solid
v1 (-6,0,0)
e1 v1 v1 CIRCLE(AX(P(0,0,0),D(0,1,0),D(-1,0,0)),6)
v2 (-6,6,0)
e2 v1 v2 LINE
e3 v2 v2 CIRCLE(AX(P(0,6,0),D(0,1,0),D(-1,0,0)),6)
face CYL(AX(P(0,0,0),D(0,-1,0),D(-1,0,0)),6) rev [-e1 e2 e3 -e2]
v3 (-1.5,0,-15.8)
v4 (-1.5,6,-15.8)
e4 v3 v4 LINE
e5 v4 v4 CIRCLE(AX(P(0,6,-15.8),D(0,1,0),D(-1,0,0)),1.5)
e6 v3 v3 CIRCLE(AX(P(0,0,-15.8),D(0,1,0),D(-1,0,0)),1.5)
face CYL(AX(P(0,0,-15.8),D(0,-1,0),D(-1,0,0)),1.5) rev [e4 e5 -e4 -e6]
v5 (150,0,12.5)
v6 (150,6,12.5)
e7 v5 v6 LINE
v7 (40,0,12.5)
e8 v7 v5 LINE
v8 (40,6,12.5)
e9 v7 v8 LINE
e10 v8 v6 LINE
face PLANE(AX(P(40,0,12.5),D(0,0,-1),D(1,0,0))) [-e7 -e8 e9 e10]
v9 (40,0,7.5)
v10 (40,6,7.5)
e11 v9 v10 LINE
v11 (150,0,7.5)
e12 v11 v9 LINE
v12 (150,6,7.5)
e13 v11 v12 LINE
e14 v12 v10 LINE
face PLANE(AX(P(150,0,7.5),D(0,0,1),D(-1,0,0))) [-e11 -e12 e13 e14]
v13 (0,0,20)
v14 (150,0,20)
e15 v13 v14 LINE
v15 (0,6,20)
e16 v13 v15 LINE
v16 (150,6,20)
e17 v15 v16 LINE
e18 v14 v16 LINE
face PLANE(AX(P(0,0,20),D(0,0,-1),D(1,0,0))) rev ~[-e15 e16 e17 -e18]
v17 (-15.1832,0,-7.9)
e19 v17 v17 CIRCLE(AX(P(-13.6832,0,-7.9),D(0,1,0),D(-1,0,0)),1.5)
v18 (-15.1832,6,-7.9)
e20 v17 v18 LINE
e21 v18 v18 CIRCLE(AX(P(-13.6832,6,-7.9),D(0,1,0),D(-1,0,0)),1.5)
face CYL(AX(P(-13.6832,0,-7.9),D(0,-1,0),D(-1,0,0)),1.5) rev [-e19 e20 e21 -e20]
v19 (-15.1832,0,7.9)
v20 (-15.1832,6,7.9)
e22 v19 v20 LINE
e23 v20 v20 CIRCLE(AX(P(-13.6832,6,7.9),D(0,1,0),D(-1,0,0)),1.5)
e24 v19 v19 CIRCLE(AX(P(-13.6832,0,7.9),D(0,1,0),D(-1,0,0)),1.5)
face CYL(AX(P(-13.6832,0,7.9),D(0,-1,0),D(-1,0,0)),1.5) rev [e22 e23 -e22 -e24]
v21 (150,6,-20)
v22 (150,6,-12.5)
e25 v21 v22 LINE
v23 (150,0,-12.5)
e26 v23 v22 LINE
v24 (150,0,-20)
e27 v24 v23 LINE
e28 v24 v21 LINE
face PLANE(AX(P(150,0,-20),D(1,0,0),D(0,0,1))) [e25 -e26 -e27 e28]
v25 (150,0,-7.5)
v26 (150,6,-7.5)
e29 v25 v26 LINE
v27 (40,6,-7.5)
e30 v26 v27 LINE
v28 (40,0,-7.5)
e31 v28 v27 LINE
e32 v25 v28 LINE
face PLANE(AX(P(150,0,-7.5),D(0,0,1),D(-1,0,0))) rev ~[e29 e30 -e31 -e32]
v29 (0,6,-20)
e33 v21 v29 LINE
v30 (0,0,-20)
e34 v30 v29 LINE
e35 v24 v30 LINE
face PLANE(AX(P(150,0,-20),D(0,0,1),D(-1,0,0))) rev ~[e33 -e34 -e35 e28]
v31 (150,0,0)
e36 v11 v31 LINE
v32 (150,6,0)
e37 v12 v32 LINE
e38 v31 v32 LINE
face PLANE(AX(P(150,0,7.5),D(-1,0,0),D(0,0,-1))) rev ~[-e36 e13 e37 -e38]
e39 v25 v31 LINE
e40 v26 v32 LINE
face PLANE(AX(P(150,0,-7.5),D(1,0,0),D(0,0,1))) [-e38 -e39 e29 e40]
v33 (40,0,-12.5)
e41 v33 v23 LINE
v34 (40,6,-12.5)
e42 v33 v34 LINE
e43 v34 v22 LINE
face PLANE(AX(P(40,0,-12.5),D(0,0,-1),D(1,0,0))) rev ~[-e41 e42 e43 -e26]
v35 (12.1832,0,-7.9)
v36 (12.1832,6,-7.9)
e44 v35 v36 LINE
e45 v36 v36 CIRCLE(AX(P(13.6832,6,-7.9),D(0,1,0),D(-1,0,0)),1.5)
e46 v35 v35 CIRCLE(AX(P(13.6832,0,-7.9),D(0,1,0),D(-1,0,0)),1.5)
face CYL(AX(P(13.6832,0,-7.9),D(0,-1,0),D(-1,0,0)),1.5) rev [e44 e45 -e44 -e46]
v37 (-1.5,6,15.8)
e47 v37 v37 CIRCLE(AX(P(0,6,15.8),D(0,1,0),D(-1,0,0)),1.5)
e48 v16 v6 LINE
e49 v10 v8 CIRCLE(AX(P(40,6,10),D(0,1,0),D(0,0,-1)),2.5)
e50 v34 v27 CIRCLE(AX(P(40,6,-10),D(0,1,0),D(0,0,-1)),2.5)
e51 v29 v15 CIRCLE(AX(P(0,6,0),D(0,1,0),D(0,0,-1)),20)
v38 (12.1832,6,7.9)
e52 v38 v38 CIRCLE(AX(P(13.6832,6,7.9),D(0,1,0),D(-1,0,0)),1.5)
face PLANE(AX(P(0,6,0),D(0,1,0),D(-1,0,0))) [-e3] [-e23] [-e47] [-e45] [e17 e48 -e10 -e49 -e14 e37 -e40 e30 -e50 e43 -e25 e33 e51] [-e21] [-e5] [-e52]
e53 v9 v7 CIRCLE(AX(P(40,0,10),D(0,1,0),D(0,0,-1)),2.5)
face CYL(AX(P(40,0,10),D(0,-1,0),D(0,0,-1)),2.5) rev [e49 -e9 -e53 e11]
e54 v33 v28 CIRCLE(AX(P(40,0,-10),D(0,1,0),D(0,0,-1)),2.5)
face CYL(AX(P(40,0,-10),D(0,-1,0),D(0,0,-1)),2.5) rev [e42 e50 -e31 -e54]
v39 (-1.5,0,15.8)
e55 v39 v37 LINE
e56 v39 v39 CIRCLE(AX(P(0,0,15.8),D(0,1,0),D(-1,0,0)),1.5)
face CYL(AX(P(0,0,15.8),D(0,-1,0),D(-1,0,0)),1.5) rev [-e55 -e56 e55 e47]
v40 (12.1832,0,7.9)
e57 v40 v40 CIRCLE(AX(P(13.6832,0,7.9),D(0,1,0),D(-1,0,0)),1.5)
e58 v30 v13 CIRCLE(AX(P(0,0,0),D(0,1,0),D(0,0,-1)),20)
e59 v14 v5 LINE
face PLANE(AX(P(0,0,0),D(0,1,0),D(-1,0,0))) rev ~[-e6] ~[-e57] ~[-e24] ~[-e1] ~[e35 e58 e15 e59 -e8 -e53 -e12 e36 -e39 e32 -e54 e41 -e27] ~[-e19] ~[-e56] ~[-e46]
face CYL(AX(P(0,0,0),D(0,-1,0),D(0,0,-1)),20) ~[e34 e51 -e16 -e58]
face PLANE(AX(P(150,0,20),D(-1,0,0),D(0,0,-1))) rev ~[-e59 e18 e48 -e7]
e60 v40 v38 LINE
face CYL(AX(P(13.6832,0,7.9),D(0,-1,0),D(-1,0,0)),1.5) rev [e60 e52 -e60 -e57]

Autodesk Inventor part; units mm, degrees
ref_plane "YZ Plane" through (0, 0, 0) normal (1, 0, 0) x (0, 1, 0)
ref_plane "XZ Plane" through (0, 0, 0) normal (0, 1, 0) x (-1, 0, 0)
ref_plane "XY Plane" through (0, 0, 0) normal (0, 0, 1) x (1, 0, 0)
sketch "sketch1--base" plane through (0, 0, 0) normal (0, 1, 0) x (-1, 0, 0)
  line L0 (-18.2322, -18.2322) -> (18.2322, 18.2322) construction
  line L1 (21.7082, -21.7082) -> (-21.7082, 21.7082) construction
  line L2 (-20, -20) -> (20, -20) construction
  line L3 (20, -20) -> (20, 20) construction
  line L4 (20, 20) -> (-20, 20) construction
  line L5 (-20, 20) -> (-20, -20) construction
  line L6 (-20, -20) -> (20, 20) construction
  line L7 (20, -20) -> (-20, 20) construction
  line L8 (-21.7678, -21.7678) -> (21.7678, 21.7678) construction
  line L9 (21.7678, -21.7678) -> (-21.7678, 21.7678) construction
  circle A0 centre (-20, 20) radius 2.5 construction
  circle A1 centre (20, 20) radius 2.5 construction
  circle A2 centre (20, -20) radius 2.5 construction
  circle A3 centre (-20, -20) radius 2.5 construction
  arc A4 (17.5, 20) -> (20, 17.5) centre (20, 20) ccw
  arc A5 (20, -17.5) -> (17.5, -20) centre (20, -20) ccw
  arc A6 (-20, 17.5) -> (-17.5, 20) centre (-20, 20) ccw
  arc A7 (-17.5, -20) -> (-20, -17.5) centre (-20, -20) ccw
  line L10 (-17.5, -20) -> (17.5, -20)
  line L11 (-20, -17.5) -> (-20, 17.5)
  line L12 (0, -20) -> (0, 20) construction
  line L13 (20, 0) -> (-20, 0) construction
  line L14 (20, -17.5) -> (20, 17.5)
  line L15 (17.5, 20) -> (-17.5, 20)
  point P0 (0, 0)
  point P1 (20, 0)
  dimension "d6" = 40
  dimension "screw__diameter" = 5
  dimension "d24" = 40
sketch "sketch2--component" plane through (0, 0, 0) normal (0, 1, 0) x (-1, 0, 0)
  circle A0 centre (0, 0) radius 18.5
  circle A1 centre (0, 0) radius 15.8 construction
  circle A2 centre (0, -15.8) radius 1.5
  circle A3 centre (0, 0) radius 17.3 construction
  circle A4 centre (13.6832, -7.9) radius 1.5
  circle A5 centre (13.6832, 7.9) radius 1.5
  circle A6 centre (0, 15.8) radius 1.5
  circle A7 centre (-13.6832, 7.9) radius 1.5
  circle A8 centre (-13.6832, -7.9) radius 1.5
  circle A9 centre (0, 0) radius 6
  dimension "d40" = 37
  dimension "d41" = 1.2
  dimension "d42" = 3
  dimension "d45" = 360
  dimension "d49" = 12
sketch "Sketch3--union" plane through (0, 0, 0) normal (0, 1, 0) x (-1, 0, 0)
  circle A0 centre (13.6832, 7.9) radius 1.5 projected
  circle A1 centre (13.6832, -7.9) radius 1.5 projected
  circle A2 centre (0, -15.8) radius 1.5 projected
  circle A3 centre (-13.6832, -7.9) radius 1.5 projected
  circle A4 centre (-13.6832, 7.9) radius 1.5 projected
  circle A5 centre (0, 15.8) radius 1.5 projected
  circle A6 centre (0, 0) radius 20 construction
  line L0 (20, -20) -> (20, 20) construction
  arc A7 (0, -20) -> (0, 20) centre (0, 0) ccw
  line L1 (0, -20) -> (0, 20) construction
  line L2 (0, 20) -> (-150, 20)
  line L3 (-150, -20) -> (0, -20)
  line L4 (-20, 20) -> (-20, -20) construction
  line L5 (-20, 20) -> (-150, 0) construction
  line L6 (-20, 0) -> (-150, 20) construction
  line L7 (20, 0) -> (-20, 0) construction
  circle A8 centre (20, 20) radius 2.5 construction
  circle A9 centre (0, 0) radius 6 projected
  line L8 (-132.5, 10) -> (-37.5, 10) construction
  line L9 (-132.5, 10) -> (-37.5, 10) construction
  line L10 (-150, 7.5) -> (-40, 7.5)
  line L11 (-40, 12.5) -> (-150, 12.5)
  arc A10 (-40, 7.5) -> (-40, 12.5) centre (-40, 10) ccw
  line L12 (-150, 20) -> (-150, 12.5)
  line L13 (-150, 7.5) -> (-150, 0)
  line L14 (-150, -7.5) -> (-40, -7.5)
  line L15 (-40, -12.5) -> (-150, -12.5)
  arc A11 (-40, -12.5) -> (-40, -7.5) centre (-40, -10) ccw
  line L16 (-150, -20) -> (-150, -12.5)
  line L17 (-150, -7.5) -> (-150, 0)
  point P0 (-85, 10)
  point P1 (-85, 10)
  point P2 (-85, 10)
  dimension "d52" = 2.5
  dimension "d53" = 130
  dimension "d54" = 20
extrude "Extrusion3--base" add sketch "Sketch3--union" along normal blind 6
equation "\"d6\" = module__size"
equation "\"d24\" = d6"
equation "\"d50\" = module__height"
equation "\"module__height\" = 6"
equation "\"module__size\" = 40"
properties part number "work-area--holder--motor"
